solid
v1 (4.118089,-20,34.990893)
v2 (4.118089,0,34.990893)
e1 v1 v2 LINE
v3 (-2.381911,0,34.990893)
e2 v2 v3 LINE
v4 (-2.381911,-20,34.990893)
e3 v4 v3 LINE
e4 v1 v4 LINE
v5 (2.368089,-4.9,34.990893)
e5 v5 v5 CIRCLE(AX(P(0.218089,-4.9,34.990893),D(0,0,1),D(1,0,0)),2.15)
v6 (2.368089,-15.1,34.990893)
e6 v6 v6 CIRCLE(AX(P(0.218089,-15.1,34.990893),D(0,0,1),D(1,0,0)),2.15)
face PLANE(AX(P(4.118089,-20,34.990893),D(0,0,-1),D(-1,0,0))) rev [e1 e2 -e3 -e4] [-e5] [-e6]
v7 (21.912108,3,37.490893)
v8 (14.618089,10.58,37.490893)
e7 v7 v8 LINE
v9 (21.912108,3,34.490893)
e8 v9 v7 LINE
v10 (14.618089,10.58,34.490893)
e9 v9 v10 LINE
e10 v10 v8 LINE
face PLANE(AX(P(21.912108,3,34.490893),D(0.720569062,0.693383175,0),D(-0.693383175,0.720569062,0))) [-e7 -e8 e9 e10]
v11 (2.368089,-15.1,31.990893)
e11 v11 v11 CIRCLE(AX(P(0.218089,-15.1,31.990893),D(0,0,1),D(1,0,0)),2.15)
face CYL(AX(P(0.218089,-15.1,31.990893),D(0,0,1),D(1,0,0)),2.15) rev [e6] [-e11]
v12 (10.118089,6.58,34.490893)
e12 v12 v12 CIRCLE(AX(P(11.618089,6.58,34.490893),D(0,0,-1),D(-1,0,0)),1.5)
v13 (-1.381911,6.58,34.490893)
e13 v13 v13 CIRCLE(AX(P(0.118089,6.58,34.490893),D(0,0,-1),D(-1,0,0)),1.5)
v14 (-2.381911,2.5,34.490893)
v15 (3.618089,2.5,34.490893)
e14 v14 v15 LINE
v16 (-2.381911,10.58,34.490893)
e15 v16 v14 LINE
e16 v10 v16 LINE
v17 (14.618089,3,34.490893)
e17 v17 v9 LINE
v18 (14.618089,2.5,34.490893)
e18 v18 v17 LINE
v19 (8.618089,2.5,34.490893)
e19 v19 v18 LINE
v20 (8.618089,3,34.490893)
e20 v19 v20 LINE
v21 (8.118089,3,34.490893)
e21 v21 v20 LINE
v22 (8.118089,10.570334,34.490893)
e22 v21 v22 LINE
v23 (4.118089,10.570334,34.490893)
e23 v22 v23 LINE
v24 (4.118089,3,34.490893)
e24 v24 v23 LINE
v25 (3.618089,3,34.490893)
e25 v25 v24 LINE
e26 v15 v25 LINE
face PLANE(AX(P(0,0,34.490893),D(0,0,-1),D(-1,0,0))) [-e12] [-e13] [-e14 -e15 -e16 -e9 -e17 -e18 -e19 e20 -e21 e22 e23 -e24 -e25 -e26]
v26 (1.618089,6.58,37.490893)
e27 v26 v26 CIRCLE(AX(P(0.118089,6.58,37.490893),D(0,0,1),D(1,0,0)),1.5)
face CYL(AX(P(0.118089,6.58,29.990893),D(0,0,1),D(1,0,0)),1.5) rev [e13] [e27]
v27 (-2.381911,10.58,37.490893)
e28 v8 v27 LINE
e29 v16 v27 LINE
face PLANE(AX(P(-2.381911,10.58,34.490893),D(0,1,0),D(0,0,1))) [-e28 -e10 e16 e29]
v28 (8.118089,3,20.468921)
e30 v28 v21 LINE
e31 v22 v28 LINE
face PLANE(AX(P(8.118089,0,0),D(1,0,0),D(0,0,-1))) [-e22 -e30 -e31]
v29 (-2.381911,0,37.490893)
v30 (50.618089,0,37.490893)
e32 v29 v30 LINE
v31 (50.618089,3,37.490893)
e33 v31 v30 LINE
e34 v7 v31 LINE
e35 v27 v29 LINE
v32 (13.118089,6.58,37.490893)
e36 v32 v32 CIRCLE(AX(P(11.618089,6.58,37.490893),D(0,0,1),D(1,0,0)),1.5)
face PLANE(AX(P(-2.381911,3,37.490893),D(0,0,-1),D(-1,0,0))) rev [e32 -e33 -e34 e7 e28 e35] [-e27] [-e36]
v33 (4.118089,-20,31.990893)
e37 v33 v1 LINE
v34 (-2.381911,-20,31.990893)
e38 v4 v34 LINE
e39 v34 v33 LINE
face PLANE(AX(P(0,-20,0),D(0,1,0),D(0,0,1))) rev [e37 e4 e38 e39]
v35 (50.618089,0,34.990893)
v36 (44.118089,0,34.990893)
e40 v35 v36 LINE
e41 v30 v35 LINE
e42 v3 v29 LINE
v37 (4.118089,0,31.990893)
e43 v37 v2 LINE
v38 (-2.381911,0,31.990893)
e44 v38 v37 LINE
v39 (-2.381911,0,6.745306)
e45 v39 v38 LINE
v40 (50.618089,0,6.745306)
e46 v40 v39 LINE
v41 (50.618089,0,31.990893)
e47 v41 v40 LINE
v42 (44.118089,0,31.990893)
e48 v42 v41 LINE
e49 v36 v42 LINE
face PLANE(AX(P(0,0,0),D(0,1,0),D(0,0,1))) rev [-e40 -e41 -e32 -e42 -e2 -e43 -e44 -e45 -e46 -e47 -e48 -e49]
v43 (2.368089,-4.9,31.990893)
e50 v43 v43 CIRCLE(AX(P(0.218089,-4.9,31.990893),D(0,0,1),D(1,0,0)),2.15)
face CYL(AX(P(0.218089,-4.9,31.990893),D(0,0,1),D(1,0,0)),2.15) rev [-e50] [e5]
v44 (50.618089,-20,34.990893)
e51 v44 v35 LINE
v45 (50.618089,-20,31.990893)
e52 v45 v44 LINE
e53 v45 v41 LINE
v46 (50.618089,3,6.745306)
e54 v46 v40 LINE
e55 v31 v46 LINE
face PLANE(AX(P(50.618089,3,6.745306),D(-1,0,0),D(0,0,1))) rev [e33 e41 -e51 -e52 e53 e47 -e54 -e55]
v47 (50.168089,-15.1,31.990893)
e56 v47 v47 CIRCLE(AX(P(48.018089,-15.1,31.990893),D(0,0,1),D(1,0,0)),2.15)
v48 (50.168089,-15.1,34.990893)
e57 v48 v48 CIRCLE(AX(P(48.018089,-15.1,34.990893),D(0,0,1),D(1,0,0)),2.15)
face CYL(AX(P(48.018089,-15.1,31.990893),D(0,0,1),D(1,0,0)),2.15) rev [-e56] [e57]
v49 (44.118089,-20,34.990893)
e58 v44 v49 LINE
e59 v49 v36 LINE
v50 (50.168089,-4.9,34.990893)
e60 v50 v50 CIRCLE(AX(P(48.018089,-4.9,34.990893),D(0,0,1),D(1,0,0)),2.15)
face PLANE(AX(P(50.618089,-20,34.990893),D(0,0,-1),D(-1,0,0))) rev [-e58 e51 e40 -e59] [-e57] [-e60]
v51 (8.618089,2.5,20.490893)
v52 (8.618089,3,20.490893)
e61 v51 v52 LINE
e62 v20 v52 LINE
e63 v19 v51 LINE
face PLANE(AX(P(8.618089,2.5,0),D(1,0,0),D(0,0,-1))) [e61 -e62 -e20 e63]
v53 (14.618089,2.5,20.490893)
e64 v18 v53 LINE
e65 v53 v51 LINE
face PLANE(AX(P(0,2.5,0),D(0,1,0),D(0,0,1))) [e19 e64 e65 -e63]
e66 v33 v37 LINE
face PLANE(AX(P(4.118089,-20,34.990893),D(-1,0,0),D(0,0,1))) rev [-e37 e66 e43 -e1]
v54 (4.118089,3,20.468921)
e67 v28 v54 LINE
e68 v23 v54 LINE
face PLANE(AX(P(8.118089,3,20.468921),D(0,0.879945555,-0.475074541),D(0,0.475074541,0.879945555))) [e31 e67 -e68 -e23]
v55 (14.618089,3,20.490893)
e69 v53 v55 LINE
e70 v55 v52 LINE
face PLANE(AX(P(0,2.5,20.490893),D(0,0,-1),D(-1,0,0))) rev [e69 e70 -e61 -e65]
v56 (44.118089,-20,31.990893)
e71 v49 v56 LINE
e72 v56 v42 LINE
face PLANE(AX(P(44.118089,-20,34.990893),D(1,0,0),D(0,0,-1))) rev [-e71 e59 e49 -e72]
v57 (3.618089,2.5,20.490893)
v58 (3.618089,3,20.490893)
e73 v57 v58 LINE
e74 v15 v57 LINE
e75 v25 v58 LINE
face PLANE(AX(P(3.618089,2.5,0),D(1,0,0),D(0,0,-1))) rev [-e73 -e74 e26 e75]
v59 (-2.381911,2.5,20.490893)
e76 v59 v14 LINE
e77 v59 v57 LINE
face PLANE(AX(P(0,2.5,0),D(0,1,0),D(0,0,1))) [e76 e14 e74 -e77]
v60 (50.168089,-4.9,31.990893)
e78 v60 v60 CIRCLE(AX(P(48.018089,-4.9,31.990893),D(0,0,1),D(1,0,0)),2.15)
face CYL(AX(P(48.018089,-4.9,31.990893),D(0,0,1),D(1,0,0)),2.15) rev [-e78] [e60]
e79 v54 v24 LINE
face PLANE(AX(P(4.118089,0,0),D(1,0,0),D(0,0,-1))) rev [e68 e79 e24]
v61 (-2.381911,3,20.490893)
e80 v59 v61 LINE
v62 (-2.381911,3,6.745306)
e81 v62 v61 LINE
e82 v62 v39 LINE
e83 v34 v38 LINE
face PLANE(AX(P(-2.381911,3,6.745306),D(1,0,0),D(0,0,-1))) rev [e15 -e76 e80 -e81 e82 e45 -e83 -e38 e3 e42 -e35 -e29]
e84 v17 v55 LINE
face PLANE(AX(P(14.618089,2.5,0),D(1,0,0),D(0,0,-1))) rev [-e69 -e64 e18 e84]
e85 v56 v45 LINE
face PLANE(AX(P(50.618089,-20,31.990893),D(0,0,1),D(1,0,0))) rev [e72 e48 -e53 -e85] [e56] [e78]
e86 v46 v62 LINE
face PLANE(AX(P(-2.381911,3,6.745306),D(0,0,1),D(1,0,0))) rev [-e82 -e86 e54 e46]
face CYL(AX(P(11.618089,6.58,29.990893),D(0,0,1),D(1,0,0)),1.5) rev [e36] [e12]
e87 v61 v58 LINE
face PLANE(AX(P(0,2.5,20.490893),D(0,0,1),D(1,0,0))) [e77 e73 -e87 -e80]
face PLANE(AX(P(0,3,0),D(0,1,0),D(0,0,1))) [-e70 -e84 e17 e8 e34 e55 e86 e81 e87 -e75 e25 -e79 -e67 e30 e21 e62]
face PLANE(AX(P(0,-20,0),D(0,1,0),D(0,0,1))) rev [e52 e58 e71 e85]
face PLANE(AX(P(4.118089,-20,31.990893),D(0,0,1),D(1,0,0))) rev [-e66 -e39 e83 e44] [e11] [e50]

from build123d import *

# Parameters (mm, degrees)
SKETCH1_W                = 53
SKETCH1_H                = 30.745586227
BOSS_EXTRUDE1_DEPTH      = 3
SKETCH2_W                = 6.5
SKETCH2_H                = 3
BOSS_EXTRUDE2_DEPTH      = 20
SKETCH3_R                = 2.15
CUT_EXTRUDE1_DEPTH       = 3
SKETCH6_W                = 17
SKETCH6_H                = 7.58
BOSS_EXTRUDE3_DEPTH      = 3
SKETCH7_R                = 1.5
CUT_EXTRUDE2_DEPTH       = 7.5
SKETCH8_W                = 6
SKETCH8_H                = 14
CUT_EXTRUDE3_DEPTH       = 0.5
BOSS_EXTRUDE4_DEPTH      = 2
BOSS_EXTRUDE4_DEPTH_BACK = 2
BOSS_EXTRUDE5_DEPTH      = 3


with BuildPart() as part:
    # Sketch1 → Boss-Extrude1 (new body)
    with BuildSketch(Plane(origin=(0, 0, 0), x_dir=(1, 0, 0), z_dir=(0, 1, 0))):
        with Locations((24.118089155, -22.118099476)):
            Rectangle(SKETCH1_W, SKETCH1_H)
    extrude(amount=BOSS_EXTRUDE1_DEPTH)

    # Sketch2 → Boss-Extrude2 (add)
    with BuildSketch(Plane.XZ):
        with Locations((47.368089155, 33.49089259)):
            Rectangle(SKETCH2_W, SKETCH2_H)
        with Locations((0.868089155, 33.49089259)):
            Rectangle(SKETCH2_W, SKETCH2_H)
    extrude(amount=BOSS_EXTRUDE2_DEPTH)

    # Sketch3 → Cut-Extrude1 (cut)
    with BuildSketch(Plane.XY.offset(34.99089259)):
        with Locations((48.018089155, -15.1)):
            Circle(SKETCH3_R)
        with Locations((48.018089155, -4.9)):
            Circle(SKETCH3_R)
        with Locations((0.218089155, -15.1)):
            Circle(SKETCH3_R)
        with Locations((0.218089155, -4.9)):
            Circle(SKETCH3_R)
    extrude(amount=-CUT_EXTRUDE1_DEPTH, mode=Mode.SUBTRACT)

    # Sketch6 → Boss-Extrude3 (add)
    with BuildSketch(Plane.XY.offset(37.49089259)):
        with Locations((6.118089155, 6.79)):
            Rectangle(SKETCH6_W, SKETCH6_H)
    extrude(amount=-BOSS_EXTRUDE3_DEPTH)

    # Sketch7 → Cut-Extrude2 (cut)
    with BuildSketch(Plane.XY.offset(37.49089259)):
        with Locations((0.118089155, 6.58)):
            Circle(SKETCH7_R)
        with Locations((11.618089155, 6.58)):
            Circle(SKETCH7_R)
    extrude(amount=-CUT_EXTRUDE2_DEPTH, mode=Mode.SUBTRACT)

    # Sketch8 → Cut-Extrude3 (cut)
    with BuildSketch(Plane(origin=(0, 3, 0), x_dir=(1, 0, 0), z_dir=(0, 1, 0))):
        with Locations((11.618089155, -27.49089259)):
            Rectangle(SKETCH8_W, SKETCH8_H)
        with Locations((0.618089155, -27.49089259)):
            Rectangle(SKETCH8_W, SKETCH8_H)
    extrude(amount=-CUT_EXTRUDE3_DEPTH, mode=Mode.SUBTRACT)

    # Sketch13 → Boss-Extrude4 (add, two sides: drawn at the far end of the back side and taken through both)
    with BuildSketch(Plane.ZY.offset(-6.118089155).offset(-BOSS_EXTRUDE4_DEPTH_BACK)):
        Polygon((34.49089259, 10.57033397), (34.49089259, 3), (20.468920989, 3), align=None)
    extrude(amount=BOSS_EXTRUDE4_DEPTH + BOSS_EXTRUDE4_DEPTH_BACK)

    # Sketch14 → Boss-Extrude5 (add)
    with BuildSketch(Plane.XY.offset(37.49089259)):
        Polygon((14.618089155, 3), (14.618089155, 10.58), (21.91210821, 3), align=None)
    extrude(amount=-BOSS_EXTRUDE5_DEPTH)


solid = part.part
